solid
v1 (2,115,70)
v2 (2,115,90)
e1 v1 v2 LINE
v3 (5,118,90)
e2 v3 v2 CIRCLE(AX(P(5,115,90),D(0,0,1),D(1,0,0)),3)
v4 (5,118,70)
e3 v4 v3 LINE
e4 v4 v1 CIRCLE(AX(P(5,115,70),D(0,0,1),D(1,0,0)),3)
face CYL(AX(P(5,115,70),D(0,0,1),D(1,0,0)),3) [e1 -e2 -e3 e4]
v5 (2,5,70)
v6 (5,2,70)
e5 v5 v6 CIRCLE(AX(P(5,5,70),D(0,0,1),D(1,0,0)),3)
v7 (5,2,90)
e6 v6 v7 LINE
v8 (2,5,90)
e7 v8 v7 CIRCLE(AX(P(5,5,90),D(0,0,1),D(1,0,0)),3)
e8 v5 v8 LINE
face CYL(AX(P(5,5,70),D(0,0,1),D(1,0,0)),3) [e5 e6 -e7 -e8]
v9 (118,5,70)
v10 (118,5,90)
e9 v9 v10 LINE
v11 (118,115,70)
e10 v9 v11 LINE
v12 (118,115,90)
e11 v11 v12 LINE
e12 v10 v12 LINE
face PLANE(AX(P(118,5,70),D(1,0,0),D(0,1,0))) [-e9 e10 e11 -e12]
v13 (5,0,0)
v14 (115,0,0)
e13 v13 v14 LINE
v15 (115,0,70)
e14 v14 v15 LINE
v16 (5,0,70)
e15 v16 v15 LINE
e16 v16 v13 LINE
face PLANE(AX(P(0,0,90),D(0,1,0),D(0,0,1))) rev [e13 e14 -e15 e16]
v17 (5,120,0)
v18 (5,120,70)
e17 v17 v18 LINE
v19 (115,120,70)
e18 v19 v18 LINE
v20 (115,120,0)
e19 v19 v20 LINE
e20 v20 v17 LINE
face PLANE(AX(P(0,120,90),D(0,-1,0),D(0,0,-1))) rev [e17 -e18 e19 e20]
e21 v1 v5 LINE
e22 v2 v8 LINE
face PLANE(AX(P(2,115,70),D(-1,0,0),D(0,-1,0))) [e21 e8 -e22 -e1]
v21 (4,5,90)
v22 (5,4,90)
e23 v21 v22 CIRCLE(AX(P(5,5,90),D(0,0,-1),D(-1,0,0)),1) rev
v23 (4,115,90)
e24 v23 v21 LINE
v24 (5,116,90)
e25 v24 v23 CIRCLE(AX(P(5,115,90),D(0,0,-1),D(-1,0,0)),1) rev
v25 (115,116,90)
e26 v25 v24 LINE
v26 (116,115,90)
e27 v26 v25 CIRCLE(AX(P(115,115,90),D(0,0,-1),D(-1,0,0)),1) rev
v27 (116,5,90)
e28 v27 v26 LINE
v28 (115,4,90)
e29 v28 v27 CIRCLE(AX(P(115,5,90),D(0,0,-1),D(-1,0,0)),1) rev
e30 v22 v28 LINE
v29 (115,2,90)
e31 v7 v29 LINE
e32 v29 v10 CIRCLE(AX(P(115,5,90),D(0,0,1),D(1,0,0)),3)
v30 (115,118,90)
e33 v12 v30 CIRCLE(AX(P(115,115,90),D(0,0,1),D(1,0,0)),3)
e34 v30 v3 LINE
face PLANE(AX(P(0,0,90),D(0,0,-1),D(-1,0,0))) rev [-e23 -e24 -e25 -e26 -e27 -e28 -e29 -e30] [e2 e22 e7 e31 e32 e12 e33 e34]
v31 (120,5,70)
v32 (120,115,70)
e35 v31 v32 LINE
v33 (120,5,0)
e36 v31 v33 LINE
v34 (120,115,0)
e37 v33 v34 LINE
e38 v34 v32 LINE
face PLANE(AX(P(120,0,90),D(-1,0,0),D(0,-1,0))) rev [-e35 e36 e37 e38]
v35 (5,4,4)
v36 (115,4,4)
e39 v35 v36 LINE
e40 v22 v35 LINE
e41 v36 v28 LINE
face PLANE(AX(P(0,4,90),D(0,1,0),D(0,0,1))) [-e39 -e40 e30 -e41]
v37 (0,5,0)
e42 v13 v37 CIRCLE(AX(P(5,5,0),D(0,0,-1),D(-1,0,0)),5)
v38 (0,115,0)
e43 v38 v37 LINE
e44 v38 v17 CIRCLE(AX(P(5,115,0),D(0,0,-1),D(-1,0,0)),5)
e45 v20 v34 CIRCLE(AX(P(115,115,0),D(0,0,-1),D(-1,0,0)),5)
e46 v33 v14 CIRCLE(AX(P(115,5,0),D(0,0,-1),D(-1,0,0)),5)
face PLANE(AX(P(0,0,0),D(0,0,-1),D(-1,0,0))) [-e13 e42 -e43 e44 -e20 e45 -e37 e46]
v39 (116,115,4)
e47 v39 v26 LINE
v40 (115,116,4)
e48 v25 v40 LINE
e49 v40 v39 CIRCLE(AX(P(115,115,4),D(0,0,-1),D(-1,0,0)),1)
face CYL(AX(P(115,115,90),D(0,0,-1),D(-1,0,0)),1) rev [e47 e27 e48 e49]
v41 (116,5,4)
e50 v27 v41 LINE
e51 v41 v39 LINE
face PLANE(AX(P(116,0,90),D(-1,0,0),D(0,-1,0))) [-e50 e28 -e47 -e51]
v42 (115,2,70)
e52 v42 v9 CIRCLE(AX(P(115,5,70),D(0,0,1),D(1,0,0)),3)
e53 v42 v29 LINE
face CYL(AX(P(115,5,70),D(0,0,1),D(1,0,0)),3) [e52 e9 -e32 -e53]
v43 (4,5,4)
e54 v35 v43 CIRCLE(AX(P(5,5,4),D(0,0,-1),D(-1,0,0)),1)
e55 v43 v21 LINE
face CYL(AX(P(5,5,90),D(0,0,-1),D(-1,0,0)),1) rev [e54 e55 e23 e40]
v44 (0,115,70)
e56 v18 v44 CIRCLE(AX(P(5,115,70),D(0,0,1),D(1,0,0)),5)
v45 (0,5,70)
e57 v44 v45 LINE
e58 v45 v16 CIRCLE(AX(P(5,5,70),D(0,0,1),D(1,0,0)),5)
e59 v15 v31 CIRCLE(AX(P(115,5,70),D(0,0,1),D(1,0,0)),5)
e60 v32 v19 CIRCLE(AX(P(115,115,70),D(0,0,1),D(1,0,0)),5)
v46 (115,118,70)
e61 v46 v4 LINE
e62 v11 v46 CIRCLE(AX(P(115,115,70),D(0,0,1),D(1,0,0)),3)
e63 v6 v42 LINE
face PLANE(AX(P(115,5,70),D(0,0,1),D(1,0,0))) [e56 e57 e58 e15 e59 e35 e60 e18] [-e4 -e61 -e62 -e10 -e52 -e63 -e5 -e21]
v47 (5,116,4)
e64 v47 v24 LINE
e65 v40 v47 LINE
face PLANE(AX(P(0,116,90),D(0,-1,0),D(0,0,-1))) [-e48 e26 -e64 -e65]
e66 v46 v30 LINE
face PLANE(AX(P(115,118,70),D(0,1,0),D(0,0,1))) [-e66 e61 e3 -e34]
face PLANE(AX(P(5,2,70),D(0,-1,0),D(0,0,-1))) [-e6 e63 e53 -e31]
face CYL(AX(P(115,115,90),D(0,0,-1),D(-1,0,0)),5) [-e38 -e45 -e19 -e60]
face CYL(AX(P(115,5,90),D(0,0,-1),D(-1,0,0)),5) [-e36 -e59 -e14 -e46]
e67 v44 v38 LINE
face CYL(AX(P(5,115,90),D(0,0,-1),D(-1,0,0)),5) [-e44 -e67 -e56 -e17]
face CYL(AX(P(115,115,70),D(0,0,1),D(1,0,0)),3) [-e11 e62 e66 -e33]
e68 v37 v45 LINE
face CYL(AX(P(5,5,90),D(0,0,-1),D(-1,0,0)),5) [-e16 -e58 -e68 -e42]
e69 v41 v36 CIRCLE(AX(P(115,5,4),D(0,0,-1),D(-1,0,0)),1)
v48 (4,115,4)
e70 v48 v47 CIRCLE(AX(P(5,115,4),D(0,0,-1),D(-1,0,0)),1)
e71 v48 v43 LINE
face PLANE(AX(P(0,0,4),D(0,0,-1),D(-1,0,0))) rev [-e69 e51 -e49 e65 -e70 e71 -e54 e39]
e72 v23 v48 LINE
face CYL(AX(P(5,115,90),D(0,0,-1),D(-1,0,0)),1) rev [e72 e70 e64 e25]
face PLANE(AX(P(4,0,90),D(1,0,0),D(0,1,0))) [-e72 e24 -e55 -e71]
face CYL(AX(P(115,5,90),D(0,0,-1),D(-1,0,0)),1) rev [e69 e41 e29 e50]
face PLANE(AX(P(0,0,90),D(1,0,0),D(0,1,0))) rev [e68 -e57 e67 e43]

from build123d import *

# Parameters (mm, degrees)
SKETCH1_W           = 120
SKETCH1_H           = 120
BOSS_EXTRUDE1_DEPTH = 90
FILLET1_R           = 5
SHELL1_T            = -4
CUT_EXTRUDE2_DEPTH  = 20


with BuildPart() as part:
    # Sketch1 → Boss-Extrude1 (new body)
    with BuildSketch(Plane.XY):
        with Locations((60, 60)):
            Rectangle(SKETCH1_W, SKETCH1_H)
    extrude(amount=BOSS_EXTRUDE1_DEPTH)

    # Fillet1
    fillet1_edges = [part.edges().sort_by_distance(p)[0] for p in [
        (0, 120, 45),
        (120, 120, 45),
        (120, 0, 45),
        (0, 0, 45),
    ]]
    fillet(fillet1_edges, radius=FILLET1_R)

    # Shell1
    shell1_openings = [part.faces().sort_by_distance(p)[0] for p in [
        (60, 60, 90),
    ]]
    offset(amount=SHELL1_T, openings=shell1_openings, kind=Kind.INTERSECTION)

    # Sketch8 → Cut-Extrude2 (cut)
    with BuildSketch(Plane.XY.offset(90)):
        with BuildLine():
            Line((120, 5), (120, 115))
            ThreePointArc((120, 115), (118.535533906, 118.535533906), (115, 120))
            Line((115, 120), (5, 120))
            ThreePointArc((5, 120), (1.464466094, 118.535533906), (0, 115))
            Line((0, 115), (0, 5))
            ThreePointArc((0, 5), (1.464466094, 1.464466094), (5, 0))
            Line((5, 0), (115, 0))
            ThreePointArc((115, 0), (118.535533906, 1.464466094), (120, 5))
        make_face()
        with BuildLine():
            Line((118, 5), (118, 115))
            ThreePointArc((118, 115), (117.121320344, 117.121320344), (115, 118))
            Line((115, 118), (5, 118))
            ThreePointArc((5, 118), (2.878679656, 117.121320344), (2, 115))
            Line((2, 115), (2, 5))
            ThreePointArc((2, 5), (2.878679656, 2.878679656), (5, 2))
            Line((5, 2), (115, 2))
            ThreePointArc((115, 2), (117.121320344, 2.878679656), (118, 5))
        make_face(mode=Mode.SUBTRACT)
    extrude(amount=-CUT_EXTRUDE2_DEPTH, mode=Mode.SUBTRACT)


solid = part.part
